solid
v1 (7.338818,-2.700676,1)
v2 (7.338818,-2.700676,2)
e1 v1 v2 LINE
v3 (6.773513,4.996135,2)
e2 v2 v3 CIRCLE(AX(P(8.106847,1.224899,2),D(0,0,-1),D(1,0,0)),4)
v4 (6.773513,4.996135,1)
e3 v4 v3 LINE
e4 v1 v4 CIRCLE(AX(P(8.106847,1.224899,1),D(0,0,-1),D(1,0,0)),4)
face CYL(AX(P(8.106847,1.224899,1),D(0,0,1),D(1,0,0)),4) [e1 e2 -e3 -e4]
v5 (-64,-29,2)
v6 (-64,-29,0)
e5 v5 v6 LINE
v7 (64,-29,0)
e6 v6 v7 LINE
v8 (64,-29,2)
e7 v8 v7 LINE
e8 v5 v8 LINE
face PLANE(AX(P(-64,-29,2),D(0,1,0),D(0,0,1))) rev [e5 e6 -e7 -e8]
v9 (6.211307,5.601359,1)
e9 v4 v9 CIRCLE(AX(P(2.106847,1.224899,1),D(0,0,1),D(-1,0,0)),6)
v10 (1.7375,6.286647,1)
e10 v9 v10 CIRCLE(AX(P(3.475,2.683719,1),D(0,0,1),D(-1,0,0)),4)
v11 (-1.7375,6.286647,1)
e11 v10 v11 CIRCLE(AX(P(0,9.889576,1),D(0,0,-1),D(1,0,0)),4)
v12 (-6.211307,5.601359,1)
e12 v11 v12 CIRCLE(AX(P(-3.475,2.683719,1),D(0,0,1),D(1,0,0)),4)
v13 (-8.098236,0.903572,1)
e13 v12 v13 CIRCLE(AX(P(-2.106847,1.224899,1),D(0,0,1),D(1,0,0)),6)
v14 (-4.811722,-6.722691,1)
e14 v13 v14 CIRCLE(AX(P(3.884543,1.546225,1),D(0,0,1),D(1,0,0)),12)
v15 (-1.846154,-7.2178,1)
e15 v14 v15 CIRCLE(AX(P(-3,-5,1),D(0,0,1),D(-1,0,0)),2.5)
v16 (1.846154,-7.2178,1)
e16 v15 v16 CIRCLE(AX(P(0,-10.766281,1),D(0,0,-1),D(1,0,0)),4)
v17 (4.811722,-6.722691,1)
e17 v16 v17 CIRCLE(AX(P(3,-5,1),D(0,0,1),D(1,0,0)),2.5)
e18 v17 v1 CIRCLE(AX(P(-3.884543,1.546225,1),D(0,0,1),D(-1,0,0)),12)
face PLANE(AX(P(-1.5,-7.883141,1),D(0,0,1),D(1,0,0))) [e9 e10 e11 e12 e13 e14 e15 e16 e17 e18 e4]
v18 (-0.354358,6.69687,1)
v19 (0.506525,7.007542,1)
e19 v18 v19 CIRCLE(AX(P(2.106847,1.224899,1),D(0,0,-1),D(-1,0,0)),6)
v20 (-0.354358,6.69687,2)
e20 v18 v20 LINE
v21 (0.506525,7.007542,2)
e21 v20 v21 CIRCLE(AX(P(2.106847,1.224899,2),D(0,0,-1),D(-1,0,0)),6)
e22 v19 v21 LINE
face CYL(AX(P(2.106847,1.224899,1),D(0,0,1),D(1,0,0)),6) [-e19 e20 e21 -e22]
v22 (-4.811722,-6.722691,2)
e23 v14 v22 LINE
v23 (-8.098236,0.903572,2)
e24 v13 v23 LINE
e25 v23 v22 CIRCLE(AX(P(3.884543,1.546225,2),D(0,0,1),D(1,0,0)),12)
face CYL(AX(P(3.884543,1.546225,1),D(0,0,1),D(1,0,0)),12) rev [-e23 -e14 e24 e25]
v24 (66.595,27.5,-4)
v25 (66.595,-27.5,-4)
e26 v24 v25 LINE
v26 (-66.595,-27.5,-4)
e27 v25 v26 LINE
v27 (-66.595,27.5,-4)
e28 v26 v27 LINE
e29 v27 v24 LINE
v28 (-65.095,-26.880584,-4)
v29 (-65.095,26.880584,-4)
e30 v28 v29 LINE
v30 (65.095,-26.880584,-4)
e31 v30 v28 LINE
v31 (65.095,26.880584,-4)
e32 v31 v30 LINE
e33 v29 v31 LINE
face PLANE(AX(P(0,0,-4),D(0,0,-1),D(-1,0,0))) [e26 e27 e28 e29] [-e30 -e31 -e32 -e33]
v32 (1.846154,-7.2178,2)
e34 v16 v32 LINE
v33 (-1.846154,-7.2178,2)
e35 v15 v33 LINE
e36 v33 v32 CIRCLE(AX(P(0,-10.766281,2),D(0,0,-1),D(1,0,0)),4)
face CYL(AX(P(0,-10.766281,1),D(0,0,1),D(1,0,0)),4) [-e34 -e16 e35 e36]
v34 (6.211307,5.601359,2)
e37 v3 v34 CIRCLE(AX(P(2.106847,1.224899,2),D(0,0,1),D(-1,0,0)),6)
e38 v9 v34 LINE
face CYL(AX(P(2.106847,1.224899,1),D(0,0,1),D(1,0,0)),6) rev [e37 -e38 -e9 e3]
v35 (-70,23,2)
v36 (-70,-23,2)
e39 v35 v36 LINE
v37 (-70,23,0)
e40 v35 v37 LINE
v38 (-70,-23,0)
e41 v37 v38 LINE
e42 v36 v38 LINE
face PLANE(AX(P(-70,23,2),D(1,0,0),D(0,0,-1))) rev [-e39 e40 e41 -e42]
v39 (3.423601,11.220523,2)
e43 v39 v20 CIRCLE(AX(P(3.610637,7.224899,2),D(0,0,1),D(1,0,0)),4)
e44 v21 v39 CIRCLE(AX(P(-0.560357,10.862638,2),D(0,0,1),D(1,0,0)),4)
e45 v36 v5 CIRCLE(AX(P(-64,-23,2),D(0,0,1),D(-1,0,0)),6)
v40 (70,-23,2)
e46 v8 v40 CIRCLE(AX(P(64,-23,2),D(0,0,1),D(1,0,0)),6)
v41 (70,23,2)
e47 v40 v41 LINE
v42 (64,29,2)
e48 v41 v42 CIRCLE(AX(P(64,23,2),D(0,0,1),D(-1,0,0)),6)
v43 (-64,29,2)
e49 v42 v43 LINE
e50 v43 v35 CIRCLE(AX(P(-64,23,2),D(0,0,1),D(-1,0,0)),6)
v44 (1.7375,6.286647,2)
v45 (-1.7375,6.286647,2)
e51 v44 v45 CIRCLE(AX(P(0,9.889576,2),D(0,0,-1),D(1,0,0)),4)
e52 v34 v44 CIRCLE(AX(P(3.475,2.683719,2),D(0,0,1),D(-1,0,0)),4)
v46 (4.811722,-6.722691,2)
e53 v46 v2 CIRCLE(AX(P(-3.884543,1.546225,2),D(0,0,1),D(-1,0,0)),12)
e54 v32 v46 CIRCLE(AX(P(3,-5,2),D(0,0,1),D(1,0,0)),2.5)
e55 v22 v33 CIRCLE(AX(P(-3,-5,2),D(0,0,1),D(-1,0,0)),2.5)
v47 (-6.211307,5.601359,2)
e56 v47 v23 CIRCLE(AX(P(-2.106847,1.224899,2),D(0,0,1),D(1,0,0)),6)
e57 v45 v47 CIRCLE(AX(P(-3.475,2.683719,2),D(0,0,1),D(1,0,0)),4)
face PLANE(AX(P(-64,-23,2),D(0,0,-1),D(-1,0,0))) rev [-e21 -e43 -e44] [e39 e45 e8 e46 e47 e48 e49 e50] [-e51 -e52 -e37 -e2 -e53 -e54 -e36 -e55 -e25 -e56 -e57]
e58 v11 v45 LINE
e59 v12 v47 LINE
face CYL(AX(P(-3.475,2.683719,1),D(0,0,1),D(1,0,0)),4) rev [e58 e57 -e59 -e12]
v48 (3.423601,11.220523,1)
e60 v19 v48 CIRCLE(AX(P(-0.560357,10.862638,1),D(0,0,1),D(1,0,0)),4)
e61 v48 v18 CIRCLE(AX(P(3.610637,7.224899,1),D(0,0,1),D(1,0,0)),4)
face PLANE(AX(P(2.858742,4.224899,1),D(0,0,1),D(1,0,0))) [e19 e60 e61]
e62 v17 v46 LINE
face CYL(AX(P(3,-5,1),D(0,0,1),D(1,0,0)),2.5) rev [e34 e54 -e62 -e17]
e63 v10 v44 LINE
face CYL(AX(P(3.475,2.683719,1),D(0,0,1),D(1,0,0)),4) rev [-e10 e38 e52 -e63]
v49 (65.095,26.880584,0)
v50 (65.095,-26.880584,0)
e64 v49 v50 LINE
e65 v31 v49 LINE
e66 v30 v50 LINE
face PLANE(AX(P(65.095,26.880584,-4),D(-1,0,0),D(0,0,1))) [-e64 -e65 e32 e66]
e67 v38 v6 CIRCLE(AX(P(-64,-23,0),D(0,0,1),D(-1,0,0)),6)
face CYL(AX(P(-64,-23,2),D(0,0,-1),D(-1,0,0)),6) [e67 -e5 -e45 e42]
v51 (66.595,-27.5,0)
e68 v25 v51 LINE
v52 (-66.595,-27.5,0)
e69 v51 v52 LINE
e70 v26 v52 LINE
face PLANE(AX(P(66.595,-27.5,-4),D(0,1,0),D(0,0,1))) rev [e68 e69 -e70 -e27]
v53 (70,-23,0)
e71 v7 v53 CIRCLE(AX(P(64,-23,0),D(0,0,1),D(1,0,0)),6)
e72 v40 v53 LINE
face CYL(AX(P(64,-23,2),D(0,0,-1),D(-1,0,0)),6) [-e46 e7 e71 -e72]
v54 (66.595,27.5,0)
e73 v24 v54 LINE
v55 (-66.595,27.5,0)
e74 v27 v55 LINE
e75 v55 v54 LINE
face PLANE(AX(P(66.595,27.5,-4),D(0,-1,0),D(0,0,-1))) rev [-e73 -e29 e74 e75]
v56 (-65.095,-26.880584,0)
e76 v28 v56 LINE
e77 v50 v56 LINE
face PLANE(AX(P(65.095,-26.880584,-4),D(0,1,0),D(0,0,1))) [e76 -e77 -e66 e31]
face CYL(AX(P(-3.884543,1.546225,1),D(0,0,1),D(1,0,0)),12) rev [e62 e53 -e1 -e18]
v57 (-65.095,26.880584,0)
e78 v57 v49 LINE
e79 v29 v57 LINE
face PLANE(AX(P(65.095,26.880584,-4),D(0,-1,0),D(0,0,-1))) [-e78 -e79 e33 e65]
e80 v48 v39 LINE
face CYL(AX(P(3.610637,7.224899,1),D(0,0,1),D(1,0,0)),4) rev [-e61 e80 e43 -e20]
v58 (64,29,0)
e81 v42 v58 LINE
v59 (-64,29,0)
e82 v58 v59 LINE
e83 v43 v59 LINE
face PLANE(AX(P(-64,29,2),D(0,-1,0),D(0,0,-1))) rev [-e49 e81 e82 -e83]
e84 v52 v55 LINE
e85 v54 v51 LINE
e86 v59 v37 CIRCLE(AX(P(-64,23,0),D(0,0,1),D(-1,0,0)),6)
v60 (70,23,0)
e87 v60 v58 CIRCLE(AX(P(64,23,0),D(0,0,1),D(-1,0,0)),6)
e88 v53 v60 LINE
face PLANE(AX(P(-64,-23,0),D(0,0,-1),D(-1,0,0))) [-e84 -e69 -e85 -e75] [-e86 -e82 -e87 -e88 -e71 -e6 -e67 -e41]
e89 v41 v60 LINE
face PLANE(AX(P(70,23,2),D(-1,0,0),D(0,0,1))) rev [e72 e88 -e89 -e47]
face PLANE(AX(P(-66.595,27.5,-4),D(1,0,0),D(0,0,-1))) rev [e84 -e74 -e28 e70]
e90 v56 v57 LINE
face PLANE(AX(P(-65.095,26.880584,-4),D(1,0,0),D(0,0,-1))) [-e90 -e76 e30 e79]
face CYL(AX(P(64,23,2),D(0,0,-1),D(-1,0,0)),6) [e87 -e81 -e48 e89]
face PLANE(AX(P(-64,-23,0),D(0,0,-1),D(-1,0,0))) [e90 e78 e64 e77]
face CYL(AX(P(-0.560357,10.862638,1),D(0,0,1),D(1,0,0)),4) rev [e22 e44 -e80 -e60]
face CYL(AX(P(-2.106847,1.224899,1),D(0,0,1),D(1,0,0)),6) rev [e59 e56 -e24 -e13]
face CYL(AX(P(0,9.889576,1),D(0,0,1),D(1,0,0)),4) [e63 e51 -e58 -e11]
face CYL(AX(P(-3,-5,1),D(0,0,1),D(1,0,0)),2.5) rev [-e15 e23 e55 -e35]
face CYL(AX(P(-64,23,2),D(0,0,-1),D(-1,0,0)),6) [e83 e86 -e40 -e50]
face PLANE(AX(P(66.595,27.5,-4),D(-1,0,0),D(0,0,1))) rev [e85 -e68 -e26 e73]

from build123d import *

# Parameters (mm, degrees)
EXTRUDE_1_DEPTH     = 2
CUT_EXTRUDE_2_DEPTH = 1
SKETCH_4_W          = 133.19
SKETCH_4_H          = 55
SKETCH_4_W_2        = 130.19
SKETCH_4_H_2        = 53.761168256
EXTRUDE_2_DEPTH     = 4


with BuildPart() as part:
    # 草图1 → 凸台-拉伸1 (new body)
    with BuildSketch(Plane.XY):
        with BuildLine():
            Line((-64, 29), (64, 29))
            ThreePointArc((64, 29), (68.242640687, 27.242640687), (70, 23))
            Line((70, 23), (70, -23))
            ThreePointArc((70, -23), (68.242640687, -27.242640687), (64, -29))
            Line((64, -29), (-64, -29))
            ThreePointArc((-64, -29), (-68.242640687, -27.242640687), (-70, -23))
            Line((-70, -23), (-70, 23))
            ThreePointArc((-70, 23), (-68.242640687, 27.242640687), (-64, 29))
        make_face()
    extrude(amount=EXTRUDE_1_DEPTH)

    # 草图3 → 切除-拉伸2 (cut)
    with BuildSketch(Plane.XY.offset(2)):
        with BuildLine():
            ThreePointArc((1.846153846, -7.217800499), (3.411683714, -7.465870337), (4.81172184, -6.722690911))
            ThreePointArc((4.81172184, -6.722690911), (6.276265295, -4.837971823), (7.338817992, -2.700675555))
            ThreePointArc((7.338817992, -2.700675555), (4.117591942, 0.931901262), (6.77351325, 4.99613472))
            ThreePointArc((6.77351325, 4.99613472), (6.502838049, 5.308433669), (6.211306836, 5.601359))
            ThreePointArc((6.211306836, 5.601359), (4.080647383, 6.637601762), (1.7375, 6.286647199))
            ThreePointArc((1.7375, 6.286647199), (0, 5.889575695), (-1.7375, 6.286647199))
            ThreePointArc((-1.7375, 6.286647199), (-4.080647383, 6.637601762), (-6.211306835, 5.601359))
            ThreePointArc((-6.211306835, 5.601359), (-7.674507441, 3.461224238), (-8.098236156, 0.903571645))
            ThreePointArc((-8.098236156, 0.903571645), (-7.135696802, -3.20291287), (-4.81172184, -6.722690911))
            ThreePointArc((-4.81172184, -6.722690911), (-3.411683714, -7.465870337), (-1.846153846, -7.217800499))
            ThreePointArc((-1.846153846, -7.217800499), (0, -6.766281297), (1.846153846, -7.217800499))
        make_face()
        with BuildLine():
            ThreePointArc((0.506524653, 7.007542389), (2.728267025, 8.585588777), (3.423600981, 11.22052336))
            ThreePointArc((3.423600981, 11.22052336), (0.540506505, 9.788938293), (-0.354358224, 6.696869944))
            ThreePointArc((-0.354358224, 6.696869944), (0.070150926, 6.868644721), (0.506524653, 7.007542389))
        make_face()
    extrude(amount=-CUT_EXTRUDE_2_DEPTH, mode=Mode.SUBTRACT)

    # 草图4 → 凸台-拉伸2 (add)
    with BuildSketch(Plane(origin=(0, 0, 0), x_dir=(-1, 0, 0), z_dir=(0, 0, -1))):
        Rectangle(SKETCH_4_W, SKETCH_4_H)
        Rectangle(SKETCH_4_W_2, SKETCH_4_H_2, mode=Mode.SUBTRACT)
    extrude(amount=EXTRUDE_2_DEPTH)


solid = part.part
